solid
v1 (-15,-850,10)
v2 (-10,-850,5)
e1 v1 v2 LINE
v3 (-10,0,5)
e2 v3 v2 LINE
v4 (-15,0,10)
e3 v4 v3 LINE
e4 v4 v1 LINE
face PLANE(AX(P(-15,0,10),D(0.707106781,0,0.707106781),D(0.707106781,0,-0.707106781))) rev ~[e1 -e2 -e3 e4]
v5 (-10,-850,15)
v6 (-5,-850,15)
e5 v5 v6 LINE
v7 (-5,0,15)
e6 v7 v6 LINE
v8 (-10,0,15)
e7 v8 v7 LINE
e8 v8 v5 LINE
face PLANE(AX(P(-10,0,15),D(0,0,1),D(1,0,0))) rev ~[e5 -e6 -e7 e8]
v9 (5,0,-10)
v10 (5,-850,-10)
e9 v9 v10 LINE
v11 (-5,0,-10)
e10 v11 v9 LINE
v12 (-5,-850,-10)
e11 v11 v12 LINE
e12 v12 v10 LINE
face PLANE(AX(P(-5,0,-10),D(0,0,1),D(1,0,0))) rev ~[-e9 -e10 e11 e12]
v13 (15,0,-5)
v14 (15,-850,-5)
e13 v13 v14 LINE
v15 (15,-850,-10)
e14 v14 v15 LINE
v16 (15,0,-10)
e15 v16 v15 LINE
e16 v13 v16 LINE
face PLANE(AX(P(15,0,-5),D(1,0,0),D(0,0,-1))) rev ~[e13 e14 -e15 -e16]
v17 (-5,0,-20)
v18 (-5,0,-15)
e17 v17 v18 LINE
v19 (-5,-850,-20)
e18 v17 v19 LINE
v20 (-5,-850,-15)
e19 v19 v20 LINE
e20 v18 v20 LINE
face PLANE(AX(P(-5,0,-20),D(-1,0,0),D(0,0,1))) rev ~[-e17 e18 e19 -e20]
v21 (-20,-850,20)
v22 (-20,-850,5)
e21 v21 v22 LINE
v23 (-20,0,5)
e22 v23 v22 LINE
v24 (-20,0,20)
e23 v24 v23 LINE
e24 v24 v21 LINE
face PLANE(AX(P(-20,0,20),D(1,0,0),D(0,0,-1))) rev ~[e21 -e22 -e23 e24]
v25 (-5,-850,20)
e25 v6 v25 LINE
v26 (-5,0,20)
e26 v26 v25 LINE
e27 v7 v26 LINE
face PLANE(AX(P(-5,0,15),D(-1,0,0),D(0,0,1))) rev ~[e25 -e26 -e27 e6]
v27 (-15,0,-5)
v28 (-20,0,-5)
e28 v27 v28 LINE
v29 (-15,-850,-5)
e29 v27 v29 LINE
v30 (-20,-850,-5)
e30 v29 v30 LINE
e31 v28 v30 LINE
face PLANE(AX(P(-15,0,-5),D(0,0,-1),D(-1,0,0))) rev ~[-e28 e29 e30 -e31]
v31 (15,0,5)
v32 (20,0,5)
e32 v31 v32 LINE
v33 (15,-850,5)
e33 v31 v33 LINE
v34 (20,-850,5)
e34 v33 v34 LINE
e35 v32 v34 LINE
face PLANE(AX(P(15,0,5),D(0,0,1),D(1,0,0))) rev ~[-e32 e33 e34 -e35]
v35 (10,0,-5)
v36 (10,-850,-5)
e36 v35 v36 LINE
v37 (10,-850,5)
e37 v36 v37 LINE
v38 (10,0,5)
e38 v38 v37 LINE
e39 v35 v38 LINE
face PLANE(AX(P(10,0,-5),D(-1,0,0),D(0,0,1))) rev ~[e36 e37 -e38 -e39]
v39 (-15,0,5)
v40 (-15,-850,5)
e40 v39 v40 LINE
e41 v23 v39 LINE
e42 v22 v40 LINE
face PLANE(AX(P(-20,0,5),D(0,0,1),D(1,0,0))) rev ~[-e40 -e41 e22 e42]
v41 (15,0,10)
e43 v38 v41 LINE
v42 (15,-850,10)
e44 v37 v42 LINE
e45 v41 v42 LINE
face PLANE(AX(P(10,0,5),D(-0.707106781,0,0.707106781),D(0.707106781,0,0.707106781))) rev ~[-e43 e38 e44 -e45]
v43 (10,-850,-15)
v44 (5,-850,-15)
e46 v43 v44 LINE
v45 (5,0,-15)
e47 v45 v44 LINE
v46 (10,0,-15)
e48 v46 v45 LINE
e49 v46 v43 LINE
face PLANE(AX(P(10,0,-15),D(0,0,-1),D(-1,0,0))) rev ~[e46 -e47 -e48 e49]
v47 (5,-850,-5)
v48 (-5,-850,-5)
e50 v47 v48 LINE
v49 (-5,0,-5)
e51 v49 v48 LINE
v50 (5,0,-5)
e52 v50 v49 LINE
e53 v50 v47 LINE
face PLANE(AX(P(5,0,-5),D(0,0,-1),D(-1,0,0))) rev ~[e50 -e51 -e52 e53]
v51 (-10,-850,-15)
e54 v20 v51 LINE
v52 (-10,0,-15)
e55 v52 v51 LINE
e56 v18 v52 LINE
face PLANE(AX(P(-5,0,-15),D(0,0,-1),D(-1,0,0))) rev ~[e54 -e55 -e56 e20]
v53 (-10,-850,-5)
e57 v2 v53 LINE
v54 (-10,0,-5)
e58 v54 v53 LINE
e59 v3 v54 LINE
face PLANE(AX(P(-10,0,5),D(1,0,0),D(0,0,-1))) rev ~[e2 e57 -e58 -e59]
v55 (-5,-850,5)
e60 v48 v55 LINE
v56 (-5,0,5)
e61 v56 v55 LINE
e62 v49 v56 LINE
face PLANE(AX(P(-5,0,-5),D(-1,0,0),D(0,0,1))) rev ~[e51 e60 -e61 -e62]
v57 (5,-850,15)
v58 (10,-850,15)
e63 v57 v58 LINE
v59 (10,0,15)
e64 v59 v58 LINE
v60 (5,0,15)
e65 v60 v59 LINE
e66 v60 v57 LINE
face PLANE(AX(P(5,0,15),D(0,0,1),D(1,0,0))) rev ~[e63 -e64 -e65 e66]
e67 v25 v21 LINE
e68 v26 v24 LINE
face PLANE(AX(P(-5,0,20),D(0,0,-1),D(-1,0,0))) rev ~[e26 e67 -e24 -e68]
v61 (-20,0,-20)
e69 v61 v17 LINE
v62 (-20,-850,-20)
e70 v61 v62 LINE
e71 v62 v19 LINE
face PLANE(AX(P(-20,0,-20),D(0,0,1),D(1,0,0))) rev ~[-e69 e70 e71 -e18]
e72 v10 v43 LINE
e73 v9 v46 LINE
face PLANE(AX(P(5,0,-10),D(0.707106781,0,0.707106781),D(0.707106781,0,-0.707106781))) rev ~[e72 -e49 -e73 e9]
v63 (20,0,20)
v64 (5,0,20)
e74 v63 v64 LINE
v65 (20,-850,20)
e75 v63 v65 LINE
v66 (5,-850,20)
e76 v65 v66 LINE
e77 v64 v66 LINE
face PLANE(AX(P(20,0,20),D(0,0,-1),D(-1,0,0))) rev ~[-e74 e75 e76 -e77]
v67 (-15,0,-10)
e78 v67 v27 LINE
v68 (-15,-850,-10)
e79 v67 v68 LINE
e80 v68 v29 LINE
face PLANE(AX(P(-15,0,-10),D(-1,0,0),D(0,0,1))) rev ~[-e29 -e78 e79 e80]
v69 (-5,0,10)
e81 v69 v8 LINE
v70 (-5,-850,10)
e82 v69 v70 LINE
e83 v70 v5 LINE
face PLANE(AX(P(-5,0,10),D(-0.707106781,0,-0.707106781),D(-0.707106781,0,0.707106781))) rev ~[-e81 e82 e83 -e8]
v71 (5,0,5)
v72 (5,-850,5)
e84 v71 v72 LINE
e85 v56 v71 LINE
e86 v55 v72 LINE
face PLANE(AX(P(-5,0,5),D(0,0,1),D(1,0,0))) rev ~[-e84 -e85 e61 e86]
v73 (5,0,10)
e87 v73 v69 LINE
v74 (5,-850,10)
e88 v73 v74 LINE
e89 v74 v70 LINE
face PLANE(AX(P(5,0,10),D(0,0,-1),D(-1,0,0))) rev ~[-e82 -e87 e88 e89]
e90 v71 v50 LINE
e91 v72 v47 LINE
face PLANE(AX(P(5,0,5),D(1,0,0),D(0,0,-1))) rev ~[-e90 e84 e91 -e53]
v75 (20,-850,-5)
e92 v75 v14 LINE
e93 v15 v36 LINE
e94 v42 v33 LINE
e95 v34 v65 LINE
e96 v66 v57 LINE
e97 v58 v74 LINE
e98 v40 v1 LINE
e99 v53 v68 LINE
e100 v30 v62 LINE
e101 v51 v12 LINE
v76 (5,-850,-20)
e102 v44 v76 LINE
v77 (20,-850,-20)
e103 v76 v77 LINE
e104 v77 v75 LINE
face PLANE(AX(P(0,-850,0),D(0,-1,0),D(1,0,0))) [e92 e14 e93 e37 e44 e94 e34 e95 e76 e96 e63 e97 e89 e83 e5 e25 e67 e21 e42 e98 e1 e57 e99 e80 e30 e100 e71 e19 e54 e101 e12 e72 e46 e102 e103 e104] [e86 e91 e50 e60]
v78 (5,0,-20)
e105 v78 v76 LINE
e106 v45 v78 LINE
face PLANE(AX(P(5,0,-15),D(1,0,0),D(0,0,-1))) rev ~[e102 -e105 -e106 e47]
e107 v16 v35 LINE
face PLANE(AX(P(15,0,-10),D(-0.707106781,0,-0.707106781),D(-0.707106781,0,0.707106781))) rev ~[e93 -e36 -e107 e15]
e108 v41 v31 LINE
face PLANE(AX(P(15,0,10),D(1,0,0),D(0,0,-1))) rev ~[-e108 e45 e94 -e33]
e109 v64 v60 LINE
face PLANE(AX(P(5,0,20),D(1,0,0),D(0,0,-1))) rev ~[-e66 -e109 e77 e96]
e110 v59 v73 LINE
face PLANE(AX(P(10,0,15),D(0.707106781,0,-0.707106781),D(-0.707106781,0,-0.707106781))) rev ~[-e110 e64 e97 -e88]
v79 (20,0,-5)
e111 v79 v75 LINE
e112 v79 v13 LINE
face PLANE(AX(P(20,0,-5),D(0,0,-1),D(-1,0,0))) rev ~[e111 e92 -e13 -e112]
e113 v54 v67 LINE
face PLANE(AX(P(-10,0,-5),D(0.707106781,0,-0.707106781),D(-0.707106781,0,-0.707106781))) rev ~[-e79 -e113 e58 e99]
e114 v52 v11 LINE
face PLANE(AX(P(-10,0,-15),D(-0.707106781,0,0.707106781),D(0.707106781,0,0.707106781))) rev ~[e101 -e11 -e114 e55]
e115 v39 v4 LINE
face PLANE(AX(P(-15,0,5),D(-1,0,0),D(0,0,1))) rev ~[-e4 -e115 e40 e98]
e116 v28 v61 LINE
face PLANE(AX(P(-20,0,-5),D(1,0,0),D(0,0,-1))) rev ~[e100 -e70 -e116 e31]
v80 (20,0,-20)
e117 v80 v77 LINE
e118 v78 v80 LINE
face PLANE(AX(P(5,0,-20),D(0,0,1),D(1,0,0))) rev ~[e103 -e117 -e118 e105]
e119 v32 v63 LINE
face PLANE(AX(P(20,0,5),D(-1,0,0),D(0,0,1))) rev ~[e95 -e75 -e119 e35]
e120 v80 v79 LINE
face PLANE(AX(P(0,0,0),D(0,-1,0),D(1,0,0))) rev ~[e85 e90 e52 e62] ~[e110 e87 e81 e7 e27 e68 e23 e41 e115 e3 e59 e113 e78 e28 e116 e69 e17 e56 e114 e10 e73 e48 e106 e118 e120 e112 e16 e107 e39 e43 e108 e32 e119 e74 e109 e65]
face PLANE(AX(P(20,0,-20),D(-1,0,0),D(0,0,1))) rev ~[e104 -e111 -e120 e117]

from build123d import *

# Parameters (mm, degrees)
F1_DEPTH = 850


with BuildPart() as f1:
    # F0 (on Front) → F1 (new body)
    with BuildSketch(Plane.XZ):
        Polygon((20, 5), (20, 20), (5, 20), (5, 15), (10, 15), (5, 10), (-5, 10), (-10, 15), (-5, 15), (-5, 20), (-20, 20), (-20, 5), (-15, 5), (-15, 10), (-10, 5), (-10, -5), (-15, -10), (-15, -5), (-20, -5), (-20, -20), (-5, -20), (-5, -15), (-10, -15), (-5, -10), (5, -10), (10, -15), (5, -15), (5, -20), (20, -20), (20, -5), (15, -5), (15, -10), (10, -5), (10, 5), (15, 10), (15, 5), align=None)
        Polygon((-5, 0), (-5, 5), (0, 5), (5, 5), (5, 0), (5, -5), (0, -5), (-5, -5), align=None, mode=Mode.SUBTRACT)
    extrude(amount=F1_DEPTH)


solid = f1.part
